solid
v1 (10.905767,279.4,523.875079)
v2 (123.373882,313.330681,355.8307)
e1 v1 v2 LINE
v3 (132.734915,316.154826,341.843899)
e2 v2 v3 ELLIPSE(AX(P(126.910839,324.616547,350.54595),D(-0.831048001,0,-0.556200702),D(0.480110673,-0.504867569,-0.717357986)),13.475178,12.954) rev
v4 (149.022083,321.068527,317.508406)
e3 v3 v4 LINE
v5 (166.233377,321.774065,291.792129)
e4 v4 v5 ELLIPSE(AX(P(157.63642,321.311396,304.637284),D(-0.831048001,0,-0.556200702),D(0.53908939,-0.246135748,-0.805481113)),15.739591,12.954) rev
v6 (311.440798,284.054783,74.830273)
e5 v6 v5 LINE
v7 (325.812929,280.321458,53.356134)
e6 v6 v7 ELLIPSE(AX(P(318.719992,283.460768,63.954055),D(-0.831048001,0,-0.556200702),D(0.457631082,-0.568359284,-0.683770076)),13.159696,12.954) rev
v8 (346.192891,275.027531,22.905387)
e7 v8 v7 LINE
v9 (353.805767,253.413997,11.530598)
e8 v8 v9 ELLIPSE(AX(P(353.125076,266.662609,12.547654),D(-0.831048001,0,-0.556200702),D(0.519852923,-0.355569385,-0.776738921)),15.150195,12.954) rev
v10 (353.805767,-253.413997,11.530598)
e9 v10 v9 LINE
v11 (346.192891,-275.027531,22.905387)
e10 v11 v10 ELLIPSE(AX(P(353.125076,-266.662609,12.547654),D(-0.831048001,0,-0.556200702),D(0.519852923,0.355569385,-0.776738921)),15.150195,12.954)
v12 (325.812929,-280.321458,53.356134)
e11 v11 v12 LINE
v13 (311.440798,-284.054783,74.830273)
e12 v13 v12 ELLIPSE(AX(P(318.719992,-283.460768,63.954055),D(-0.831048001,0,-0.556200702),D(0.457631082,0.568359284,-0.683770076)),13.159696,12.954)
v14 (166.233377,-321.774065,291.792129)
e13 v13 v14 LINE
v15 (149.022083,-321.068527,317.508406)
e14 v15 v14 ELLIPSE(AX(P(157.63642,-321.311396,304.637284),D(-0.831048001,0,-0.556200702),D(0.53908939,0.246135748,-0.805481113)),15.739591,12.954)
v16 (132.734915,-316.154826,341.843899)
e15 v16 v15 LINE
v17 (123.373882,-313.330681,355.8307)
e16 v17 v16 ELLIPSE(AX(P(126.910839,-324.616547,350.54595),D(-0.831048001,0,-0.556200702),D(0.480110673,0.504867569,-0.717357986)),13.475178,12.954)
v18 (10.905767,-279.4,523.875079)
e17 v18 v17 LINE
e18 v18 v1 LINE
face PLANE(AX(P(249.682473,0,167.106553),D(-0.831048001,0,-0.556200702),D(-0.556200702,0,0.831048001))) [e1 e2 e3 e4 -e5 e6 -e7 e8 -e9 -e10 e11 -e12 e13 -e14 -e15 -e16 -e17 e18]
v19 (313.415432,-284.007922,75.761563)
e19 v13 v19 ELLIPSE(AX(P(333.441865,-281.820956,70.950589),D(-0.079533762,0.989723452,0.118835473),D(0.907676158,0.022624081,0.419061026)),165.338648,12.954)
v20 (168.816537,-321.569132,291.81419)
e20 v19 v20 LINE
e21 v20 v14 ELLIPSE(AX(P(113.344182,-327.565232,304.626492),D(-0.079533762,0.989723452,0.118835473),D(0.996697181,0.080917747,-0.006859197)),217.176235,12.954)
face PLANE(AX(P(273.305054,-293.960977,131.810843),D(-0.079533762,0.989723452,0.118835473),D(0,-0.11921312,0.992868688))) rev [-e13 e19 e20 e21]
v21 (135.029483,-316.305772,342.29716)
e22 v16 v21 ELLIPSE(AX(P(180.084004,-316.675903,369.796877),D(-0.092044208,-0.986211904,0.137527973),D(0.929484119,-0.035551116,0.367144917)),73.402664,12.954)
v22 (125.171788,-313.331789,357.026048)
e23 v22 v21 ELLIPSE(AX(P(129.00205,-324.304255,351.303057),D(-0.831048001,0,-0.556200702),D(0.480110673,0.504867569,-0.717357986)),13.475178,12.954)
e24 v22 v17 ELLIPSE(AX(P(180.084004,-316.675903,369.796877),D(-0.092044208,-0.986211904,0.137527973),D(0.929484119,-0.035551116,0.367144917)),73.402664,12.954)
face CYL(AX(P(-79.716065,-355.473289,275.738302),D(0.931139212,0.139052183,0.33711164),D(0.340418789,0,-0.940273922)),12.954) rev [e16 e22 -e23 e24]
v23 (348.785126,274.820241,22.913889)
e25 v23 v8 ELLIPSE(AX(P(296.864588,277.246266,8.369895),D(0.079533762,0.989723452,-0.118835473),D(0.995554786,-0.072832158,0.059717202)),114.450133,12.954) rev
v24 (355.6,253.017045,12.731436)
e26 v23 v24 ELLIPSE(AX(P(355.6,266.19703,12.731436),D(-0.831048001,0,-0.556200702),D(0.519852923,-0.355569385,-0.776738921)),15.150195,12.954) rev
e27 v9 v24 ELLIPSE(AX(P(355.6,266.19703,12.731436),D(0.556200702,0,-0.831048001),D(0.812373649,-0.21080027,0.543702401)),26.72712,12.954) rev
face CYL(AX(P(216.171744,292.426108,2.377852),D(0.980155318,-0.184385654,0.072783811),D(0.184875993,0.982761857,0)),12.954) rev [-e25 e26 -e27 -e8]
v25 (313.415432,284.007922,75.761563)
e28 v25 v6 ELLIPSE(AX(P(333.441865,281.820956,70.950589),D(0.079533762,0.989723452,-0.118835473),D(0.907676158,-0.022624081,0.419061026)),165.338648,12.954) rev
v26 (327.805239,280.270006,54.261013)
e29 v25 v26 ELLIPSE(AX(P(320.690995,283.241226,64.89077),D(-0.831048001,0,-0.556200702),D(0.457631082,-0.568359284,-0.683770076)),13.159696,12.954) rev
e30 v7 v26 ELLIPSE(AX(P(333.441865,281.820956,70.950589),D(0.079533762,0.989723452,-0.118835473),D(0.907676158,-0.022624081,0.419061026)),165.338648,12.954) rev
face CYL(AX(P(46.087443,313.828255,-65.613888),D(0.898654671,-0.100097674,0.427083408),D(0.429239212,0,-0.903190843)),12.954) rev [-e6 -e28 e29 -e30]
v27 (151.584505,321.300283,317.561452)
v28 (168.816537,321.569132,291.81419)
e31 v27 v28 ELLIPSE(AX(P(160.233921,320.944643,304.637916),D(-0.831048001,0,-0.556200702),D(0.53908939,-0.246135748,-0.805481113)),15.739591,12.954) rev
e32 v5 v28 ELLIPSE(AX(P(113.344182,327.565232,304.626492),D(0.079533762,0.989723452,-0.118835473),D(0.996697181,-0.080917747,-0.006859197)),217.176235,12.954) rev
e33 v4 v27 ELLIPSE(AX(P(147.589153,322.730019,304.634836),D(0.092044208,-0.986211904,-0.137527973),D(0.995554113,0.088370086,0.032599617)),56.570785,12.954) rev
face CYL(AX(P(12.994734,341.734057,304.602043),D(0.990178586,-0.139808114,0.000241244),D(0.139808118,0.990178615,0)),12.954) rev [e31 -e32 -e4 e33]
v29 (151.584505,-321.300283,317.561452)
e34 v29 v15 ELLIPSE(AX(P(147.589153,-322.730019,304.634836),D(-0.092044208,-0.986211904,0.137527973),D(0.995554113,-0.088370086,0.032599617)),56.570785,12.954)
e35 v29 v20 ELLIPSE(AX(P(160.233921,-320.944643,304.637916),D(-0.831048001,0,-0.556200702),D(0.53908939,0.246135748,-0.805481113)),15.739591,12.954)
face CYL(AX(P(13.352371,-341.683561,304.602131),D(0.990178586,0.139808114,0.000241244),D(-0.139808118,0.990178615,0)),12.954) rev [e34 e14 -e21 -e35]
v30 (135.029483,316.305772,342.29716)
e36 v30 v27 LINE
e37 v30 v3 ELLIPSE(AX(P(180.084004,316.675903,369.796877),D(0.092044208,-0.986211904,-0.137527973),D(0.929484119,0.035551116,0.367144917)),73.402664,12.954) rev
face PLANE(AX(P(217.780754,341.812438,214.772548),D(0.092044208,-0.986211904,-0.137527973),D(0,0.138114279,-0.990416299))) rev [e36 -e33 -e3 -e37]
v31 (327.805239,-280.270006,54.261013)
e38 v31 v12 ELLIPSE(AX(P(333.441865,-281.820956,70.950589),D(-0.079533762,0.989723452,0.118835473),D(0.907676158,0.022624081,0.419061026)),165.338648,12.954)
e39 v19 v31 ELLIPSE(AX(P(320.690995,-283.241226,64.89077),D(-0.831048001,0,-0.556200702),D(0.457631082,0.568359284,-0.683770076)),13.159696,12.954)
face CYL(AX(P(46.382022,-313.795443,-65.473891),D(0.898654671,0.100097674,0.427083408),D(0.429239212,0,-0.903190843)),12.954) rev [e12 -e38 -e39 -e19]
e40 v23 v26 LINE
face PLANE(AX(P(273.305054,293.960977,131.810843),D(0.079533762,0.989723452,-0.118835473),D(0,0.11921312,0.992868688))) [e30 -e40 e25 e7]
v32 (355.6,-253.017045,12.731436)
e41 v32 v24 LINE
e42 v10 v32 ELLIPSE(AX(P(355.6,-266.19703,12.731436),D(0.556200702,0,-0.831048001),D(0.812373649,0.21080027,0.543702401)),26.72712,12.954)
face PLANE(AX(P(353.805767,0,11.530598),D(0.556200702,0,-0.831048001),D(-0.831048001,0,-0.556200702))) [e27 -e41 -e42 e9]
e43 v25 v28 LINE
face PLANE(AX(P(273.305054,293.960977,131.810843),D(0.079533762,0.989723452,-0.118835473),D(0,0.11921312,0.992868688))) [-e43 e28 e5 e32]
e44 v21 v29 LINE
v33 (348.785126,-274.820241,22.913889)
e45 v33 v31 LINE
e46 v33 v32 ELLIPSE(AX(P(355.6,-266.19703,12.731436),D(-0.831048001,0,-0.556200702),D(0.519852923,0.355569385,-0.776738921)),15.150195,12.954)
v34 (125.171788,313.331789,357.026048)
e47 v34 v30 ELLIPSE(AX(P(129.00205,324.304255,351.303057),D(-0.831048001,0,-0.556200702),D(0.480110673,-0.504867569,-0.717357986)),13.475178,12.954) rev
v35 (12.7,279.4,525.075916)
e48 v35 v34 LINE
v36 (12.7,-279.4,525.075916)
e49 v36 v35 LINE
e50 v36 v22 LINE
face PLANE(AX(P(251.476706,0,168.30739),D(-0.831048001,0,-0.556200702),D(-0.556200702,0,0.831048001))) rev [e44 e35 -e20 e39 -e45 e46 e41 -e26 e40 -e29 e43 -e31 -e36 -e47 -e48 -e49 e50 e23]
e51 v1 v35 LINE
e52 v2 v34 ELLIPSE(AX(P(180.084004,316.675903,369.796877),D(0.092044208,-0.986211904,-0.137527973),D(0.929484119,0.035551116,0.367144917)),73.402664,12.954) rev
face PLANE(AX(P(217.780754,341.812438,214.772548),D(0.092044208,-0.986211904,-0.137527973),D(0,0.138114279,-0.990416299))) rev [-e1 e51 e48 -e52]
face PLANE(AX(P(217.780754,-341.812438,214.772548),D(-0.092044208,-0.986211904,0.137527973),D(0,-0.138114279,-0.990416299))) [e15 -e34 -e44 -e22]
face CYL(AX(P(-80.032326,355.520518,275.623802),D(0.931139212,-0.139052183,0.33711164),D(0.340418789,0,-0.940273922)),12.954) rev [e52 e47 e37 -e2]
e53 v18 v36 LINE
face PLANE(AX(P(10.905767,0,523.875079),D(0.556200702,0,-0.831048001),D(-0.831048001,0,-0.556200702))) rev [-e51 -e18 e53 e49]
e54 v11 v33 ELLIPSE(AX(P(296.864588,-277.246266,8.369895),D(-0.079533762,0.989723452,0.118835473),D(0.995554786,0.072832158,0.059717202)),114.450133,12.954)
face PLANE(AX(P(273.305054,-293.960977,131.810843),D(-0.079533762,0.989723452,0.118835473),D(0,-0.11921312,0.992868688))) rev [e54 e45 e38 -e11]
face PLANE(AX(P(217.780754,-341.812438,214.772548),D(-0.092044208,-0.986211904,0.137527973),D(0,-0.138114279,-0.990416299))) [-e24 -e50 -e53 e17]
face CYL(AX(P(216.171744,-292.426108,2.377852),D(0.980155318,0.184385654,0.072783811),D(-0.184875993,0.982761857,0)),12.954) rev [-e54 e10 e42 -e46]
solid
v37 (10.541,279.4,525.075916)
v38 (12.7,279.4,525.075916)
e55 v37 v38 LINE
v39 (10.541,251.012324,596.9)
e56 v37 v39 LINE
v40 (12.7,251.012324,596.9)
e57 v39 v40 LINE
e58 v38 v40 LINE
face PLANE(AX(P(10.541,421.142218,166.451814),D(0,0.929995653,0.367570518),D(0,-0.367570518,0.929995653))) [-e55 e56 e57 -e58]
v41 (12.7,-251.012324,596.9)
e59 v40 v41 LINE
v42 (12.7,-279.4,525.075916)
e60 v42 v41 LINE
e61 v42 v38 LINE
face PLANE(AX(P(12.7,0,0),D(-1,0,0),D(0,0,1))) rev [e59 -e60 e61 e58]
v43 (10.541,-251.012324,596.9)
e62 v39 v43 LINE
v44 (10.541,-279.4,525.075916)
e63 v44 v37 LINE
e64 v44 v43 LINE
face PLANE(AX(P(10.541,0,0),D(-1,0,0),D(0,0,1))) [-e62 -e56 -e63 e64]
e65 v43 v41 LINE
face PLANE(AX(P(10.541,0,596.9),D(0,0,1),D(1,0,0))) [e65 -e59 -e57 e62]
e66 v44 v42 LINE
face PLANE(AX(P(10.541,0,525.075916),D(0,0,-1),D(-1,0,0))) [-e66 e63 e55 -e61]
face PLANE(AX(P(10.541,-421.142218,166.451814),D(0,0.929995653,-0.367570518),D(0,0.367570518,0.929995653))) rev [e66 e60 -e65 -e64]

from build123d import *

# Parameters (mm, degrees)
BOSS_EXTRUDE1_DEPTH = 2.159
BOSS_EXTRUDE2_DEPTH = 2.159
SKETCH5_R           = 12.954
CUT_EXTRUDE1_DEPTH  = 621.665
SKETCH6_R           = 12.954
CUT_EXTRUDE2_DEPTH  = 1027.457309168
SKETCH7_R           = 12.954
CUT_EXTRUDE3_DEPTH  = 1027.457309168
SKETCH8_R           = 12.954
CUT_EXTRUDE4_DEPTH  = 1145.829689035


with BuildPart() as part:
    # Sketch3 → Boss-Extrude1 (new body)
    with BuildSketch(Plane(origin=(251.476706106, 0, 168.307390472), x_dir=(-0.5562007015720102, 0, 0.8310480007621723), z_dir=(-0.8310480007621723, 0, -0.5562007015720102))):
        Polygon((-187.204535341, 273.05), (-187.204535341, 0), (429.299541391, 0), (429.299541391, 279.4), (164.402521358, 323.85), align=None)
        Polygon((-187.204535341, 0), (-187.204535341, -273.05), (164.402521358, -323.85), (429.299541391, -279.4), (429.299541391, 0), align=None)
    extrude(amount=BOSS_EXTRUDE1_DEPTH)

    # Sketch5 → Cut-Extrude1 (cut)
    with BuildSketch(Plane(origin=(825.5, 177.8, 47.625), x_dir=(-0.07152915299803123, 0.013455979276857365, 0.9973477412081931), z_dir=(-0.9801553180651386, 0.18438565389344194, -0.07278381074741123))):
        Circle(SKETCH5_R)
    cut_extrude1 = extrude(amount=CUT_EXTRUDE1_DEPTH, mode=Mode.SUBTRACT)

    # Sketch6 → Cut-Extrude2 (cut, through all)
    with BuildSketch(Plane(origin=(825.5, 227.0125, 304.8), x_dir=(-0.42445842434756254, 0.047278784890198794, 0.9042122331066369), z_dir=(-0.8986546712744607, 0.1000976737805711, -0.4270834081304366))):
        Circle(SKETCH6_R)
    cut_extrude2 = extrude(amount=CUT_EXTRUDE2_DEPTH, mode=Mode.SUBTRACT)

    # Sketch7 → Cut-Extrude3 (cut, through all)
    with BuildSketch(Plane(origin=(825.5, 227.0125, 304.8), x_dir=(-0.00023887502122916035, 3.372792217408492e-05, 0.9999999709005754), z_dir=(-0.9901785863890273, 0.13980811442036903, -0.00024124437506688719))):
        Circle(SKETCH7_R)
    cut_extrude3 = extrude(amount=CUT_EXTRUDE3_DEPTH, mode=Mode.SUBTRACT)

    # Sketch8 → Cut-Extrude4 (cut, through all)
    with BuildSketch(Plane(origin=(825.5, 220.292352851, 603.464669867), x_dir=(-0.3334143845379491, 0.04979061934850228, 0.9414646793205114), z_dir=(-0.9311392123382828, 0.13905218320513943, -0.33711163965654883))):
        Circle(SKETCH8_R)
    cut_extrude4 = extrude(amount=CUT_EXTRUDE4_DEPTH, mode=Mode.SUBTRACT)

    # Mirror1: Cut-Extrude1, Cut-Extrude2, Cut-Extrude3, Cut-Extrude4 across plane
    add(cut_extrude1.mirror(Plane.ZX), mode=Mode.SUBTRACT)
    add(cut_extrude2.mirror(Plane.ZX), mode=Mode.SUBTRACT)
    add(cut_extrude3.mirror(Plane.ZX), mode=Mode.SUBTRACT)
    add(cut_extrude4.mirror(Plane.ZX), mode=Mode.SUBTRACT)


with BuildPart() as body_2:
    # Sketch4 → Boss-Extrude2 (new body)
    with BuildSketch(Plane.ZY.offset(-12.7)):
        Polygon((525.075916073, 0), (525.075916073, -279.4), (596.9, -251.012323537), (596.9, 0), align=None)
        Polygon((525.075916073, 279.4), (525.075916073, 0), (596.9, 0), (596.9, 251.012323537), align=None)
    extrude(amount=BOSS_EXTRUDE2_DEPTH)


solid = Compound([part.part, body_2.part])
